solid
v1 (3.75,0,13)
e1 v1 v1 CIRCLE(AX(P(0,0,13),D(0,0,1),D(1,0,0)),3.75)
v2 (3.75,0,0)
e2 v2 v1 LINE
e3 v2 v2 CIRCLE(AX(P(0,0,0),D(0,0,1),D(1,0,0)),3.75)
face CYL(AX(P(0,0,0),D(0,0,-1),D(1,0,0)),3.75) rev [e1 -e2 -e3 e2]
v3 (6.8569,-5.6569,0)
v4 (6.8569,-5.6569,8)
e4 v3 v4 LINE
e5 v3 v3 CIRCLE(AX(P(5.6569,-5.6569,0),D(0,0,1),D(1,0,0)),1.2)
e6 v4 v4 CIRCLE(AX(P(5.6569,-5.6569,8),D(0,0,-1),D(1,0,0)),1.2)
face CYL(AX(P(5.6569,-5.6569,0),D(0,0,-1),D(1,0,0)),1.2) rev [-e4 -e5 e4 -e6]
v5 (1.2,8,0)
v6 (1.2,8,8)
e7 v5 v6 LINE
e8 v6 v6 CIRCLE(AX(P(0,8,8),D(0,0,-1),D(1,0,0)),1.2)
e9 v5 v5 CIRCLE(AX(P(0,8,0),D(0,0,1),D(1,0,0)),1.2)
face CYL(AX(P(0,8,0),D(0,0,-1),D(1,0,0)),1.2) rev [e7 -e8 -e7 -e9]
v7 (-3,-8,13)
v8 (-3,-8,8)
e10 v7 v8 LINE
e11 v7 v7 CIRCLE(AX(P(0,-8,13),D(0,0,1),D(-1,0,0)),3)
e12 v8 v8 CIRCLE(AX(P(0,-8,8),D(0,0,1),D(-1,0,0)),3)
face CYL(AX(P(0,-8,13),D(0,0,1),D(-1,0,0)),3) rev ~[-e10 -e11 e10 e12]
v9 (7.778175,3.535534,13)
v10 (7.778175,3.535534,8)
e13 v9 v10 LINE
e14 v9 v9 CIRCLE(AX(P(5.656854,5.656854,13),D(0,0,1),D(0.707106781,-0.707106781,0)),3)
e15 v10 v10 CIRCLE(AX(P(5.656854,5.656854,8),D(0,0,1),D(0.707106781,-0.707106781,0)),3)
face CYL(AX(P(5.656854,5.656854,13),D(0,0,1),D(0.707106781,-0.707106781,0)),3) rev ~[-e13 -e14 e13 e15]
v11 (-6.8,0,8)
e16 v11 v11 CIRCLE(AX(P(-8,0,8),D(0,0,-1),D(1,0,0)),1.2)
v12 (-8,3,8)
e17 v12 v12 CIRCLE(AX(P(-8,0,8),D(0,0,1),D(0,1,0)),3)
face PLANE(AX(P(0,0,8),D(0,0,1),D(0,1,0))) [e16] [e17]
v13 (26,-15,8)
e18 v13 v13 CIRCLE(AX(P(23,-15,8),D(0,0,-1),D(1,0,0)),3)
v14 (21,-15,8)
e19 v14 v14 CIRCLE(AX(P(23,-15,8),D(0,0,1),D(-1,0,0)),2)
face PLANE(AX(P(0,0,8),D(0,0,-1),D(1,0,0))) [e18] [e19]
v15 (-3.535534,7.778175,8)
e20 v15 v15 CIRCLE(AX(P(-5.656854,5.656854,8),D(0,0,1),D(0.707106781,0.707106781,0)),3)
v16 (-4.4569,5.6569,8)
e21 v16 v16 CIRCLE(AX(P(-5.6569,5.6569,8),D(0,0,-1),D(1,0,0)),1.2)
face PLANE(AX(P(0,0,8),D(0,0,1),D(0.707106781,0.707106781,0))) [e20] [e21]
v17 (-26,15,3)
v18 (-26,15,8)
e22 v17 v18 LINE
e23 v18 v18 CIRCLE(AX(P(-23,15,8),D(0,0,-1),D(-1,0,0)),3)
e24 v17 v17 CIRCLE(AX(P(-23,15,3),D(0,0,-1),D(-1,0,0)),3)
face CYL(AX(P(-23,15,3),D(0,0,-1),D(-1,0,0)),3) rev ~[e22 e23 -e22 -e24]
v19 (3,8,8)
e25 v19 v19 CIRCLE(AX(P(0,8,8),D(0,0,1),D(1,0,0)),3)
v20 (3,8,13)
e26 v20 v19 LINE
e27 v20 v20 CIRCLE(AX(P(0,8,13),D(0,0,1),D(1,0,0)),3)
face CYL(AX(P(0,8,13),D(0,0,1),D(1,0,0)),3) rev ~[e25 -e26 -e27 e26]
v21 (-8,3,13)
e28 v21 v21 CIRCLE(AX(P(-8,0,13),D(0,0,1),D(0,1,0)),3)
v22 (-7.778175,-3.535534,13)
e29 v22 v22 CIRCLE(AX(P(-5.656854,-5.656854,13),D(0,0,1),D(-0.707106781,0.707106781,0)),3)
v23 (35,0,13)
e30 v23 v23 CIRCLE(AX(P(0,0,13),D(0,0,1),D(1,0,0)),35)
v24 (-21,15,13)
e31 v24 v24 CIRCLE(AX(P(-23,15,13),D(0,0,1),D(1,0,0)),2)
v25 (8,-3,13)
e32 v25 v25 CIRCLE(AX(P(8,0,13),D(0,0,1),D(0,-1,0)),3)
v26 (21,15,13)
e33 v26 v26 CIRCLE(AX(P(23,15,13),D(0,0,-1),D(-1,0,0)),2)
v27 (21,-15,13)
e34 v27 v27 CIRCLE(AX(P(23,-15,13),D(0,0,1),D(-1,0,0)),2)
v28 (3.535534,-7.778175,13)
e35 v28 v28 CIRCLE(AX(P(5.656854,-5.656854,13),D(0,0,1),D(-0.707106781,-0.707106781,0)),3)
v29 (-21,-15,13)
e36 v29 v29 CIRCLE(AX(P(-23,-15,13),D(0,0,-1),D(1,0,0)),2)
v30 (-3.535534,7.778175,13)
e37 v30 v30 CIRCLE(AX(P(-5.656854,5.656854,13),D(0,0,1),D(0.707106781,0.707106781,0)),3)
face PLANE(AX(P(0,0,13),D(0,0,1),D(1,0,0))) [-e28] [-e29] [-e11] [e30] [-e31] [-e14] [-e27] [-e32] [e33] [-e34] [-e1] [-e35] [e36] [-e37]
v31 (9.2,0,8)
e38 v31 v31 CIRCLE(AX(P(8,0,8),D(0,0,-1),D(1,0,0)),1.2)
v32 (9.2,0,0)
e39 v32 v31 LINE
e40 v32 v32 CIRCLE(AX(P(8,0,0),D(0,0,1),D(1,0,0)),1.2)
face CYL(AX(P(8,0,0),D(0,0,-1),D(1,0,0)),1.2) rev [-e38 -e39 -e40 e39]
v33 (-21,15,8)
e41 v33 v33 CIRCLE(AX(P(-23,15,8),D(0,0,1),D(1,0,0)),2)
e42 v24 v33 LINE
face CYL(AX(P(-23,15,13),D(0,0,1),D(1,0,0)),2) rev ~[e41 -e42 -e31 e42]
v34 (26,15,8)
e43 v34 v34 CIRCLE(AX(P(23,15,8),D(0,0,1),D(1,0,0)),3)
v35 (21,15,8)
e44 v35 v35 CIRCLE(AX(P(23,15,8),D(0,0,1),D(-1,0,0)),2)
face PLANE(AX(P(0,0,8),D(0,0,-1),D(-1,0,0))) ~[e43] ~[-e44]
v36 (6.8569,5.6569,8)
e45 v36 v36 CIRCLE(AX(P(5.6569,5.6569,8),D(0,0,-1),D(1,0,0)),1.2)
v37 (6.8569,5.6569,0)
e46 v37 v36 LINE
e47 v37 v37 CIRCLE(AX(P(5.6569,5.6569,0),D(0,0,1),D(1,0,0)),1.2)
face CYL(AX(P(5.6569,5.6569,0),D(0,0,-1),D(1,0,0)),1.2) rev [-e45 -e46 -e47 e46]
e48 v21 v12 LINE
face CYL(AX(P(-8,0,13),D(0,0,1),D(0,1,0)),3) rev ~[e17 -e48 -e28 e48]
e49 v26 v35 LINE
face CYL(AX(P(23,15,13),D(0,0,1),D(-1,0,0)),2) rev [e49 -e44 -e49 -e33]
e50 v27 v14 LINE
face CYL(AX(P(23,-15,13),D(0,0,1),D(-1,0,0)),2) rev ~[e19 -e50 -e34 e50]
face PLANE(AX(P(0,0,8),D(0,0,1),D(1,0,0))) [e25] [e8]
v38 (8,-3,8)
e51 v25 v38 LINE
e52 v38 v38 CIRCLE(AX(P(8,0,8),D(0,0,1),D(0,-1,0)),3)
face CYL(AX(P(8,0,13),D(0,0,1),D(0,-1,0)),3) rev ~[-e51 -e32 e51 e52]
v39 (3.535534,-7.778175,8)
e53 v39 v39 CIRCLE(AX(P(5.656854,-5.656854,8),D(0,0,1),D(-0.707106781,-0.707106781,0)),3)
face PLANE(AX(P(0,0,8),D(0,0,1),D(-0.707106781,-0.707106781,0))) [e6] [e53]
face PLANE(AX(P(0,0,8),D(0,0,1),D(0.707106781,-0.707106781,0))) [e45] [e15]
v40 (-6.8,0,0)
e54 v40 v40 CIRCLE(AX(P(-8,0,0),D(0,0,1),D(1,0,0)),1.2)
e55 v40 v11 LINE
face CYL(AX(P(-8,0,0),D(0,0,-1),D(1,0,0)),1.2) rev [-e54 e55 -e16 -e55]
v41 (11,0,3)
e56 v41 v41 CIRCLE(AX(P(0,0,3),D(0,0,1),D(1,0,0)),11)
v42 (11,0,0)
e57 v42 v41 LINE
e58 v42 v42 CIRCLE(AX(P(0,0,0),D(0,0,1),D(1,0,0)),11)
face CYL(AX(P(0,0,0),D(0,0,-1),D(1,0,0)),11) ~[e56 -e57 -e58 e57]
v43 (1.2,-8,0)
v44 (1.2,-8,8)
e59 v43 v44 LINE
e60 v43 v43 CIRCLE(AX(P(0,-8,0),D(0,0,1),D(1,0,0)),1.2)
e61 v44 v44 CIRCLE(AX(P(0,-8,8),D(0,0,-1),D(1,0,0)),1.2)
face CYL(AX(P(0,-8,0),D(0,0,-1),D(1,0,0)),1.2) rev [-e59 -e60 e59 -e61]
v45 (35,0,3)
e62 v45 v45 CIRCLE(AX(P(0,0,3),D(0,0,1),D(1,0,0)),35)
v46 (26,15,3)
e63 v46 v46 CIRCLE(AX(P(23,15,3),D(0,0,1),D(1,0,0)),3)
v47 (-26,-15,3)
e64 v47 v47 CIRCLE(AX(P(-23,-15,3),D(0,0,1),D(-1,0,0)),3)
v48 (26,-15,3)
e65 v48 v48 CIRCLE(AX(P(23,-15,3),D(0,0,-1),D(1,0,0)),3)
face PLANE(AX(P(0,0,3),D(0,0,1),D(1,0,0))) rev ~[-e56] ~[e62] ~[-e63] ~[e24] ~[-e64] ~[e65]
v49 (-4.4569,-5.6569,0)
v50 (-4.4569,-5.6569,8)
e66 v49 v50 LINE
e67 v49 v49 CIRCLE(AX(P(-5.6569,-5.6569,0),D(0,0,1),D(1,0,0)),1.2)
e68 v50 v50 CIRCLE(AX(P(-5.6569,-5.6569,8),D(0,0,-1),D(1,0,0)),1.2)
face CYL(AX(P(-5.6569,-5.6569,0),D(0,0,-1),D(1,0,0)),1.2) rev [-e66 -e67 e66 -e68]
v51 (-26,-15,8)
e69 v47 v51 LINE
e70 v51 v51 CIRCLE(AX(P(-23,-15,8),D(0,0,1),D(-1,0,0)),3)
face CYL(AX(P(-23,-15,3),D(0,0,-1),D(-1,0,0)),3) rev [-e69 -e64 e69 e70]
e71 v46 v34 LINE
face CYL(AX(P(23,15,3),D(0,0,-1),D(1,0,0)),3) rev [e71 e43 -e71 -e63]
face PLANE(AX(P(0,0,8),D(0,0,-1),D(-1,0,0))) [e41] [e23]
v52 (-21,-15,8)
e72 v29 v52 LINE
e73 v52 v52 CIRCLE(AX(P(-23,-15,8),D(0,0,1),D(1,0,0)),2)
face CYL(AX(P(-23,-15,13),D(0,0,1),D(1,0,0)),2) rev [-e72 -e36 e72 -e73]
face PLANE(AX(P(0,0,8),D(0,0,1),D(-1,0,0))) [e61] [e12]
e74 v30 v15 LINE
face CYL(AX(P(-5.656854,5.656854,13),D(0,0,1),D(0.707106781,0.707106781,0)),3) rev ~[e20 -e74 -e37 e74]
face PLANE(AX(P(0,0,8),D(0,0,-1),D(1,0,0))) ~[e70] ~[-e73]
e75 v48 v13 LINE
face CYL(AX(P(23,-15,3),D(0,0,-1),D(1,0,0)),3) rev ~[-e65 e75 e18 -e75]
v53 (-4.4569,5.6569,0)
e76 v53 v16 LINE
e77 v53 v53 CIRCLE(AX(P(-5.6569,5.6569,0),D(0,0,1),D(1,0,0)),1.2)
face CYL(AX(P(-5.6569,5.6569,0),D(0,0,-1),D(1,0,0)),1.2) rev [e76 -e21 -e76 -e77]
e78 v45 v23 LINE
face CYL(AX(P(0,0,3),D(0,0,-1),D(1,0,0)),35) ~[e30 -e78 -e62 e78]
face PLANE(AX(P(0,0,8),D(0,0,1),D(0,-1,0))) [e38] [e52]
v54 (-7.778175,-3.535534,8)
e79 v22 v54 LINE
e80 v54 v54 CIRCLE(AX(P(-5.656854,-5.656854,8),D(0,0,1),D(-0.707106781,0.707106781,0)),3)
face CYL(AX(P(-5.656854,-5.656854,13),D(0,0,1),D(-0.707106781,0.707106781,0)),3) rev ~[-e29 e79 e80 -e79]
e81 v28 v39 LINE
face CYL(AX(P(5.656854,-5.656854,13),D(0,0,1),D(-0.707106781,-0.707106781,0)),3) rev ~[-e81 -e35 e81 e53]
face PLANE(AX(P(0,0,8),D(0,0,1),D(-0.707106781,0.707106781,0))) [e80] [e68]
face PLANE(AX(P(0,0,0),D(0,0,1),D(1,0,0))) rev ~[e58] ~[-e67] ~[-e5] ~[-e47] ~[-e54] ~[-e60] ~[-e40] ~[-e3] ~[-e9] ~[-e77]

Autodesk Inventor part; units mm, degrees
ref_plane "YZ Plane" through (0, 0, 0) normal (1, 0, 0) x (0, 1, 0)
ref_plane "XZ Plane" through (0, 0, 0) normal (0, 1, 0) x (-1, 0, 0)
ref_plane "XY Plane" through (0, 0, 0) normal (0, 0, 1) x (1, 0, 0)
sketch "Эскиз1" plane through (0, 0, 0) normal (0, 0, 1) x (1, 0, 0)
  circle A0 centre (0, 0) radius 3.75
  circle A1 centre (0, 0) radius 10.8
  circle A2 centre (0, 0) radius 2.85
  circle A3 centre (-5.6569, 5.6569) radius 1.2
  circle A4 centre (-8, 0) radius 1.2
  circle A5 centre (-5.6569, -5.6569) radius 1.2
  circle A6 centre (0, -8) radius 1.2
  circle A7 centre (5.6569, -5.6569) radius 1.2
  circle A8 centre (8, 0) radius 1.2
  circle A9 centre (5.6569, 5.6569) radius 1.2
  circle A10 centre (0, 8) radius 1.2
  circle A11 centre (0, 0) radius 11
extrude "Выдавливание1" add sketch "Эскиз1" along normal blind 3 contours A1 | A11
sketch "Эскиз6" plane through (0, 0, 3) normal (0, 0, 1) x (1, 0, 0)
  circle A0 centre (0, 0) radius 3.75 projected
  circle A1 centre (0, 0) radius 35
  circle A2 centre (0, 0) radius 11 projected
  circle A3 centre (0, 0) radius 3.75 projected
  circle A4 centre (-5.6569, 5.6569) radius 1.2 projected
  circle A5 centre (-8, 0) radius 1.2 projected
  circle A6 centre (-5.6569, -5.6569) radius 1.2 projected
  circle A7 centre (0, -8) radius 1.2 projected
  circle A8 centre (5.6569, -5.6569) radius 1.2 projected
  circle A9 centre (8, 0) radius 1.2 projected
  circle A10 centre (5.6569, 5.6569) radius 1.2 projected
  circle A11 centre (0, 8) radius 1.2 projected
  dimension "d21" = 70
extrude "Выдавливание6" add sketch "Эскиз6" along normal blind 10 contours A1 | A2
sketch "Эскиз7" plane through (0, 0, 13) normal (0, 0, 1) x (1, 0, 0)
  circle A0 centre (0, 8) radius 1.2 projected
  circle A1 centre (0, 8) radius 3
  point P0 (0, 0)
  dimension "d24" = 6
extrude "Выдавливание7" cut sketch "Эскиз7" against normal blind 5 contours A0 | A1
pattern_circular "Круговой массив2" count 8 over 360 about axis through (0, 0, 0) along (0, 0, 1) of "Выдавливание7"
sketch "Эскиз8" plane through (0, 0, 13) normal (0, 0, 1) x (1, 0, 0)
  line L0 (0, 0) -> (-23, 0) construction
  line L1 (-23, 0) -> (-23, 15) construction
  circle A0 centre (-23, 15) radius 2
  dimension "d30" = 23
  dimension "d31" = 15
  dimension "d32" = 4
extrude "Выдавливание8" cut sketch "Эскиз8" against normal through all
sketch "Эскиз9" plane through (0, 0, 3) normal (0, 0, -1) x (-1, 0, 0)
  circle A0 centre (23, 15) radius 2 projected
  circle A1 centre (23, 15) radius 3
  point P0 (0, 0)
  dimension "d35" = 6
extrude "Выдавливание9" cut sketch "Эскиз9" against normal blind 5 contours A0 | A1
mirror "Зеркальное отражение3" about plane through (0, 0, 0) normal (0, 1, 0) of "Выдавливание9", "Выдавливание8"
mirror "Зеркальное отражение4" about plane through (0, 0, 0) normal (1, 0, 0) of "Выдавливание9", "Зеркальное отражение3", "Выдавливание8"
properties part number "000.005.004.003 - ПОВОРОТНЫЙ ДИСК" material "Пластик АБС"
